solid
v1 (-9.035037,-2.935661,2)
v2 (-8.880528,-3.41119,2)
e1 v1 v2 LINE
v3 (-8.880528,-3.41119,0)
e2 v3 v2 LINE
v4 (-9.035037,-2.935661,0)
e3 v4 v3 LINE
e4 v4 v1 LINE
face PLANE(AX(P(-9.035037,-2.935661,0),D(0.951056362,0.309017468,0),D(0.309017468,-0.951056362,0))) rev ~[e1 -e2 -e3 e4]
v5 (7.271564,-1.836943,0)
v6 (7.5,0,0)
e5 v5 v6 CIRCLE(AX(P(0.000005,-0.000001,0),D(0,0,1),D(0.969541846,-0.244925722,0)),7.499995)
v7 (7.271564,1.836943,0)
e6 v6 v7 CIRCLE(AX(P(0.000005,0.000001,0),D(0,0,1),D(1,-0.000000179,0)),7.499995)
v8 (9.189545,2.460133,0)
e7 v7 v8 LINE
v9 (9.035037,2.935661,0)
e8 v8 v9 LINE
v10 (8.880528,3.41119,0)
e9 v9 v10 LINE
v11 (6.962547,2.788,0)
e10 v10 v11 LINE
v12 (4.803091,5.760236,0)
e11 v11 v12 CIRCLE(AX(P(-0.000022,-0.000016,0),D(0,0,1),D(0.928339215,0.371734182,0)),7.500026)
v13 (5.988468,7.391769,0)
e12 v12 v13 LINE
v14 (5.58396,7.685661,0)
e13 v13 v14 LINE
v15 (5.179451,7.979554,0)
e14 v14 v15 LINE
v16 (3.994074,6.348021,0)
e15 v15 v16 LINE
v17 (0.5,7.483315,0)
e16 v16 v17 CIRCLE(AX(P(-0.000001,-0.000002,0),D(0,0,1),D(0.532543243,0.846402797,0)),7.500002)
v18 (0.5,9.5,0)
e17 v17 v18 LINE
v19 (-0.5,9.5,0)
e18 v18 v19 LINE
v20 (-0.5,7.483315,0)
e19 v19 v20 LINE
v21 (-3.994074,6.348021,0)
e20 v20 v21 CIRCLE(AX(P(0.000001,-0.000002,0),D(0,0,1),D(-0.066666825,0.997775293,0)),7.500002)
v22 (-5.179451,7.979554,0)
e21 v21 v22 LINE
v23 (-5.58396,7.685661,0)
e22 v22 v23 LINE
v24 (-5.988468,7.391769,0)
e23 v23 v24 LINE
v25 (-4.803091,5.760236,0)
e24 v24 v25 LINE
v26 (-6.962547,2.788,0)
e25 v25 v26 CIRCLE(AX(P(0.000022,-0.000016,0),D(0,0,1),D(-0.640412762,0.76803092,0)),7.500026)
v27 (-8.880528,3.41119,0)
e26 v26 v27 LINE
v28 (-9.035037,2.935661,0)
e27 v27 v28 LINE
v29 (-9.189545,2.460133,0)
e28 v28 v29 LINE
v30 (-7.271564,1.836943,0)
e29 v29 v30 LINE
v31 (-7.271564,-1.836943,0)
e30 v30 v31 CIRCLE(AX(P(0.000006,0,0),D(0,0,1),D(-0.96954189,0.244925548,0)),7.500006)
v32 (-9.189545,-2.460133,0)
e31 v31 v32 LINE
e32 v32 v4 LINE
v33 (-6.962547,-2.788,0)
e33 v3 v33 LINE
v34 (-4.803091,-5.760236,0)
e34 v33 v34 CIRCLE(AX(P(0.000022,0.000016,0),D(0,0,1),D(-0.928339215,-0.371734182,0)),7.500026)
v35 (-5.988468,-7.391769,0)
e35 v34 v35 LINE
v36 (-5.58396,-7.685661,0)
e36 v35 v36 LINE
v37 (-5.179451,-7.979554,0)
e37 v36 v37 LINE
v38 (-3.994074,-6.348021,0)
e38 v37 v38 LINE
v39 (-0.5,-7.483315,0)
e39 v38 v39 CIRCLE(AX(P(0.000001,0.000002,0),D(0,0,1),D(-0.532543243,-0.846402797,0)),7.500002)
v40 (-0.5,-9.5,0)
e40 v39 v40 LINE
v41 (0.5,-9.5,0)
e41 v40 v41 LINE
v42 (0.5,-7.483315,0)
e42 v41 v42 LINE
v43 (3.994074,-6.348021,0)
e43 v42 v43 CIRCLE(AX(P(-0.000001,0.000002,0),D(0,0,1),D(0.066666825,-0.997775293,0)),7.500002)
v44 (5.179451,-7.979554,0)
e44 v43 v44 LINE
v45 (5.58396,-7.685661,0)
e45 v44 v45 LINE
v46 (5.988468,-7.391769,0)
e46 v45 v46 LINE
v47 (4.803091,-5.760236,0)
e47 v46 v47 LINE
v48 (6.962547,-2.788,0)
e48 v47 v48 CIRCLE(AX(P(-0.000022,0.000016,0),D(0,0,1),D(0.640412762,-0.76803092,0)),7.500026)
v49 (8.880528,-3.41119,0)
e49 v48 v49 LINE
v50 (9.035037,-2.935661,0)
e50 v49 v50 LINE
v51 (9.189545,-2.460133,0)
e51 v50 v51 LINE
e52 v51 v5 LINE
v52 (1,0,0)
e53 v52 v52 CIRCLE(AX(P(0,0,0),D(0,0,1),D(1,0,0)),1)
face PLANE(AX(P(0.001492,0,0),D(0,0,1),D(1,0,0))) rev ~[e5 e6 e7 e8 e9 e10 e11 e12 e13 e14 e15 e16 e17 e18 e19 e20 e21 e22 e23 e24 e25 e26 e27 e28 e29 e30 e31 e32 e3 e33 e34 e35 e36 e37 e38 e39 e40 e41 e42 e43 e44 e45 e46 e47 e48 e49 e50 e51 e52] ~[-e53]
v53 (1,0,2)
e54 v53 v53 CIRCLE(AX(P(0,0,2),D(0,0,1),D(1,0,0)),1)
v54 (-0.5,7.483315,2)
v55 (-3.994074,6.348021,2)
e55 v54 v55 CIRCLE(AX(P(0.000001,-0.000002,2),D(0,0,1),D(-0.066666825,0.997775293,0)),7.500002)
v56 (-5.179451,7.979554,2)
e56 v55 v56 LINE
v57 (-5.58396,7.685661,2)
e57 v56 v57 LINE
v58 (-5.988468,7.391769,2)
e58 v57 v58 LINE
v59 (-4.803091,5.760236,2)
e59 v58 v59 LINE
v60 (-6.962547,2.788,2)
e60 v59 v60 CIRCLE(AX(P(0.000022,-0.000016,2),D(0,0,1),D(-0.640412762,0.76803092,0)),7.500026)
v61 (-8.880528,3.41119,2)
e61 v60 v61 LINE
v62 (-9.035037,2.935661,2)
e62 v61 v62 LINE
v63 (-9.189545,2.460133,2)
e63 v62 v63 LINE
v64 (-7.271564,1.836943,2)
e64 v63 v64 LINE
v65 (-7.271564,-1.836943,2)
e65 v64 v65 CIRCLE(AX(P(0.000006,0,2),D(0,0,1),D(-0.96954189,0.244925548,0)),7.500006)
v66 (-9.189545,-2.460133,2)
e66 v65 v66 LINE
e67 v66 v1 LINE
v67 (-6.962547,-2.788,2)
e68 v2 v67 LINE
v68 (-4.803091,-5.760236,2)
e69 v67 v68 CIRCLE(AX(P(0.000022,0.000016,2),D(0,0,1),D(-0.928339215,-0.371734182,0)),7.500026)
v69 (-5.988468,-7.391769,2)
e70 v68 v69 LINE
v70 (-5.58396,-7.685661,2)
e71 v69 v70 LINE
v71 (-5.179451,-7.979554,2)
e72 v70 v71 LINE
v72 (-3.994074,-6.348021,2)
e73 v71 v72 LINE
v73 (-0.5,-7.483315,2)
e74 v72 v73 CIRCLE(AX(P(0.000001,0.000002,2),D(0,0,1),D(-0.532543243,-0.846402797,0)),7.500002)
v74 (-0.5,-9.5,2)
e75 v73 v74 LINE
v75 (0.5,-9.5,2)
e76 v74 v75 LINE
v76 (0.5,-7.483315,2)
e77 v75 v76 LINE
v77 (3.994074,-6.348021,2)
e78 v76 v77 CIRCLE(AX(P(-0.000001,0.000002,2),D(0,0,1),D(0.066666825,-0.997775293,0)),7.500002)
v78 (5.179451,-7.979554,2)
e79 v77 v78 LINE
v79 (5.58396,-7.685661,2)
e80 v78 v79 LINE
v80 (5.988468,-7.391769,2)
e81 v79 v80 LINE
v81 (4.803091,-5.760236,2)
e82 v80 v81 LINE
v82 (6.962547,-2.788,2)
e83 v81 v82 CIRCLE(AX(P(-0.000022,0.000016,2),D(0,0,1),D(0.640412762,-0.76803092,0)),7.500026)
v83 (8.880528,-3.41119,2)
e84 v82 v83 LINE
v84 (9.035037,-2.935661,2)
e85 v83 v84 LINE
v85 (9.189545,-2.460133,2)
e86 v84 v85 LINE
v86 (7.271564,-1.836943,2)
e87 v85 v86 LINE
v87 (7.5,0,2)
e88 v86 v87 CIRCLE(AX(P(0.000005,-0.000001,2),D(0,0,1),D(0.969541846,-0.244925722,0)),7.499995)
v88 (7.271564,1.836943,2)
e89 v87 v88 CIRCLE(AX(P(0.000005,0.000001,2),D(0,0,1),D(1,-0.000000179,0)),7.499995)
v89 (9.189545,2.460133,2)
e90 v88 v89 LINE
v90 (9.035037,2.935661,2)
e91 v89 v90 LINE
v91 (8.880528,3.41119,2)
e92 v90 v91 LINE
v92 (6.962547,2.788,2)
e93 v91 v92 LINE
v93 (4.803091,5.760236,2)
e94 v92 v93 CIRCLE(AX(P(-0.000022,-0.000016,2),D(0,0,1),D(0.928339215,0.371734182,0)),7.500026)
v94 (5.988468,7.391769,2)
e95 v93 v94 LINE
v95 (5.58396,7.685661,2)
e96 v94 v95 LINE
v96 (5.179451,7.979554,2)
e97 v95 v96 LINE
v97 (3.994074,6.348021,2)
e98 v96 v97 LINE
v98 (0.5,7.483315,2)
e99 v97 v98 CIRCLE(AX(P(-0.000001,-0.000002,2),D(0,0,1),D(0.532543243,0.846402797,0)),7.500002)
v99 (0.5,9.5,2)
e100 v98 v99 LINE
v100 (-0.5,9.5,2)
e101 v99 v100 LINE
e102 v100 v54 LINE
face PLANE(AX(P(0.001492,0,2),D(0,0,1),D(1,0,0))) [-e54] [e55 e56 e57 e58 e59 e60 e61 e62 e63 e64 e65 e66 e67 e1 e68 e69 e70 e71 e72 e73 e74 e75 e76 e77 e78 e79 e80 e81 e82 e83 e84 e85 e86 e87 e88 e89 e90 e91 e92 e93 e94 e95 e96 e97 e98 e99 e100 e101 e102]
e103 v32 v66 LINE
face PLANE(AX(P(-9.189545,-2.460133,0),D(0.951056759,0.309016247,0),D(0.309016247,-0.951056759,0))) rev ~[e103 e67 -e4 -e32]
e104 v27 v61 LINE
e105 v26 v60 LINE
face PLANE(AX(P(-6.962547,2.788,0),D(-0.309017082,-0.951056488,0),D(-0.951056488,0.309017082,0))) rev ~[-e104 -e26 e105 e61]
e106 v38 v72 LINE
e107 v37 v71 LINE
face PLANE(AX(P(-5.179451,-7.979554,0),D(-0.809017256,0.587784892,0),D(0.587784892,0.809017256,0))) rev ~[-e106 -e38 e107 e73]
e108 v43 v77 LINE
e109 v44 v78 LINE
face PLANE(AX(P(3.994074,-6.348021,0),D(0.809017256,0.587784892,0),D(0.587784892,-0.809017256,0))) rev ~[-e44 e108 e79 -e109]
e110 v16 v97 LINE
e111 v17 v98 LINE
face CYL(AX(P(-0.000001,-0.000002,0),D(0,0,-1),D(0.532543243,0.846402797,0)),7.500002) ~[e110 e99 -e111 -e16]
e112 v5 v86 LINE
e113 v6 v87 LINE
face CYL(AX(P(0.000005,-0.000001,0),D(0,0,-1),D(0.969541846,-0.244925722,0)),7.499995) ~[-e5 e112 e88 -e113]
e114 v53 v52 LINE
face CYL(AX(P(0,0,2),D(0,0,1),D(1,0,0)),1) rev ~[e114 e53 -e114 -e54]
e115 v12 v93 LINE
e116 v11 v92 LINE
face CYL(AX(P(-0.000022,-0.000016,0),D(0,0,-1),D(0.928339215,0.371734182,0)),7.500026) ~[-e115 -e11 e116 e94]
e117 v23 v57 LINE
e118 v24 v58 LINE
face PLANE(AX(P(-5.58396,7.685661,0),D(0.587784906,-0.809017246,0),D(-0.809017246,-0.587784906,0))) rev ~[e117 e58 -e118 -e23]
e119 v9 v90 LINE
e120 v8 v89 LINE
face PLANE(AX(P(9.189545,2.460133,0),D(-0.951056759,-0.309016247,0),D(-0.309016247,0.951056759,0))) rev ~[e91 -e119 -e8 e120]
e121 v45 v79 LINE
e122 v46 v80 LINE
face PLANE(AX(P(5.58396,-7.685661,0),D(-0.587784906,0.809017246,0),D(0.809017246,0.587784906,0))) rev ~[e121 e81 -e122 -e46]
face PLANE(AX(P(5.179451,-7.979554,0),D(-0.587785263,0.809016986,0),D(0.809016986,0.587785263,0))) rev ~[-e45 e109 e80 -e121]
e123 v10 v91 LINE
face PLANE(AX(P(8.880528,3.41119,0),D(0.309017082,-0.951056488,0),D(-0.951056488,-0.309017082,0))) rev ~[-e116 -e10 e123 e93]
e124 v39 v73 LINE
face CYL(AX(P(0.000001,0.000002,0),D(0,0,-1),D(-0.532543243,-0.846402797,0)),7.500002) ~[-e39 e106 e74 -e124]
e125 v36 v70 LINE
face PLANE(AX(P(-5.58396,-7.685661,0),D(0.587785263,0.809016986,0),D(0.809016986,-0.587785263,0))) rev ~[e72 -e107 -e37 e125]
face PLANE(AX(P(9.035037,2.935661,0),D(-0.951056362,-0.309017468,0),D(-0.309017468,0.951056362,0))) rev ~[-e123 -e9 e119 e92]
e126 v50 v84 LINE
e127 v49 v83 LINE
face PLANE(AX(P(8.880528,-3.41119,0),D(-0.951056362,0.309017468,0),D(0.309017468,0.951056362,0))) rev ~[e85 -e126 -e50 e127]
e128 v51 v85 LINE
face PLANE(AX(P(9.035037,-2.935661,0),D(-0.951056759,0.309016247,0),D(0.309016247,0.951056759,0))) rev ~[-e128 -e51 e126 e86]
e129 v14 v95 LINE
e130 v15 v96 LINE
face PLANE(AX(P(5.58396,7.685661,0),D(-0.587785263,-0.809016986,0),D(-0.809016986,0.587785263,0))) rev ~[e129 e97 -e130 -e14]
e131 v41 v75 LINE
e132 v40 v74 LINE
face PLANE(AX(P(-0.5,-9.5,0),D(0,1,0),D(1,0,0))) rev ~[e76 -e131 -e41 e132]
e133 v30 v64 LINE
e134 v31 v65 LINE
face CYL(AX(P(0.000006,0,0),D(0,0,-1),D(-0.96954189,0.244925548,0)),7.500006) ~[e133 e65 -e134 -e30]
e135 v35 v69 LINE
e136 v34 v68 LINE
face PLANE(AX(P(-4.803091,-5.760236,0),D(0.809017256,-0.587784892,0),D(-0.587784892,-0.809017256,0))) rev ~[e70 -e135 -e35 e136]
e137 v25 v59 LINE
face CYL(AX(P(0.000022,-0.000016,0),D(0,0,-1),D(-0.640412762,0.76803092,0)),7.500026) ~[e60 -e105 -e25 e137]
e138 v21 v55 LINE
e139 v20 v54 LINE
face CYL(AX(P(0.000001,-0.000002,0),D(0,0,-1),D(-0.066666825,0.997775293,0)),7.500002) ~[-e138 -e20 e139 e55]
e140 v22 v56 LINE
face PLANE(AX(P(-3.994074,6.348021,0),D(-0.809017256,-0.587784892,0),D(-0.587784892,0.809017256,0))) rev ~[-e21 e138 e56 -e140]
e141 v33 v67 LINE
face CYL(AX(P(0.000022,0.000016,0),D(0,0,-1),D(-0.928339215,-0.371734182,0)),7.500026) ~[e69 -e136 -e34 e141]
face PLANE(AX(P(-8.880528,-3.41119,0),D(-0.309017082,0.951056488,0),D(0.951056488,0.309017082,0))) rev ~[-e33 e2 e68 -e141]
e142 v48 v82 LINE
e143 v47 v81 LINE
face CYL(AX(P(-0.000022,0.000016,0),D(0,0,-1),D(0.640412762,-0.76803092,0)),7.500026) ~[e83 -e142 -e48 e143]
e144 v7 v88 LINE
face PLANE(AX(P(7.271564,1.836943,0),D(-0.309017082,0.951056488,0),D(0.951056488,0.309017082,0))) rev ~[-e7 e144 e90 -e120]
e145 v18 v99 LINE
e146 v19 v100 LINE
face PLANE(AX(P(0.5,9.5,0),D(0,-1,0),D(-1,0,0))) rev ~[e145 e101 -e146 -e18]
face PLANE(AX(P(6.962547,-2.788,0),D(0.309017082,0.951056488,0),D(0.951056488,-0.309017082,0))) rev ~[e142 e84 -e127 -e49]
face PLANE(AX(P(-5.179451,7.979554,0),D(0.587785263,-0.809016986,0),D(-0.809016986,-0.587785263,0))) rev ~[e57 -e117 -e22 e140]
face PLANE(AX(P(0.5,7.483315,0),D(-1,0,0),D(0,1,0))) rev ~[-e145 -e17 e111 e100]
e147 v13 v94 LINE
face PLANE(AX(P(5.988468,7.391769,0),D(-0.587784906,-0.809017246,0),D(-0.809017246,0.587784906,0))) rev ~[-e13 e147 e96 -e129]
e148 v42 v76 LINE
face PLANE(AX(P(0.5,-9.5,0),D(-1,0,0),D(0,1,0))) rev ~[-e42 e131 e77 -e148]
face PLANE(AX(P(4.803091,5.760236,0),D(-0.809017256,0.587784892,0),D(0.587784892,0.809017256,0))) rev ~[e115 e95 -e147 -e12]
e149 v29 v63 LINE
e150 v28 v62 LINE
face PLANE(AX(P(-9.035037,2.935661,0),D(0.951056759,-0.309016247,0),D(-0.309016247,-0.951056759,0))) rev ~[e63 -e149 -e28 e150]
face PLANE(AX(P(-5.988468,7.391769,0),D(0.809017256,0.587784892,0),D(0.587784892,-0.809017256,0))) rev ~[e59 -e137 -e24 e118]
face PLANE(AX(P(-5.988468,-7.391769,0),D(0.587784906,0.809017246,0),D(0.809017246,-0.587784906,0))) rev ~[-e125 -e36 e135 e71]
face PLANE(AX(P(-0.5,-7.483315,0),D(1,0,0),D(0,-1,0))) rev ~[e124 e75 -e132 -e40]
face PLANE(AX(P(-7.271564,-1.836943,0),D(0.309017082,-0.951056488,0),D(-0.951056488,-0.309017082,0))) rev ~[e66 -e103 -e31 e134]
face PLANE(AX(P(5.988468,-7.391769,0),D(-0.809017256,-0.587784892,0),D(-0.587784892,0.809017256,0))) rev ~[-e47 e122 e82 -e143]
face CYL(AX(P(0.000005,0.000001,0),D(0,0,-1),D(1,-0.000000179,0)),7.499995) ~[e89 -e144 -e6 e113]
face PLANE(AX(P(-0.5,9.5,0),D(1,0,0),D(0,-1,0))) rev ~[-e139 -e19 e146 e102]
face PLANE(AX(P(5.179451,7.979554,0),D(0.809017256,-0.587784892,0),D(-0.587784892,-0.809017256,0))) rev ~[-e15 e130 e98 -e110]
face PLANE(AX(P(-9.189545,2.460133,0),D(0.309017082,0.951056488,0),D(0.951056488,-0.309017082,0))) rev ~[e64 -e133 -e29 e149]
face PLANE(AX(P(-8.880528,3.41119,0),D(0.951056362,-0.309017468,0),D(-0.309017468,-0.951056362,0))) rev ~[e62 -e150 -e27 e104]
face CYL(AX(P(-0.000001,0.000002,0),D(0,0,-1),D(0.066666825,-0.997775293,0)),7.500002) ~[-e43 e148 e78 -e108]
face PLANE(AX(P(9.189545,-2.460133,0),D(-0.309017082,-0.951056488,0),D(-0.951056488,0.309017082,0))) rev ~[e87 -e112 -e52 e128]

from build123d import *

# Parameters (mm, degrees)
F1_DEPTH = 2
F2_R     = 1
F3_DEPTH = 2.001


with BuildPart() as f1:
    # F0 (on Top) → F1 (new body)
    with BuildSketch(Plane.XY):
        with BuildLine():
            ThreePointArc((7.271564, -1.836943), (7.442672, -0.925546), (7.5, 0))
            ThreePointArc((7.5, 0), (7.442672, 0.925546), (7.271564, 1.836943))
            ThreePointArc((7.271564, 1.836943), (7.132924, 2.317627), (6.962547, 2.788))
            ThreePointArc((6.962547, 2.788), (6.067627, 4.408389), (4.803091, 5.760236))
            ThreePointArc((4.803091, 5.760236), (4.408389, 6.067627), (3.994074, 6.348021))
            ThreePointArc((3.994074, 6.348021), (2.317627, 7.132924), (0.5, 7.483315))
            ThreePointArc((0.5, 7.483315), (0, 7.5), (-0.5, 7.483315))
            ThreePointArc((-0.5, 7.483315), (-2.317627, 7.132924), (-3.994074, 6.348021))
            ThreePointArc((-3.994074, 6.348021), (-4.408389, 6.067627), (-4.803091, 5.760236))
            ThreePointArc((-4.803091, 5.760236), (-6.067627, 4.408389), (-6.962547, 2.788))
            ThreePointArc((-6.962547, 2.788), (-7.132924, 2.317627), (-7.271564, 1.836943))
            ThreePointArc((-7.271564, 1.836943), (-7.5, 0), (-7.271564, -1.836943))
            ThreePointArc((-7.271564, -1.836943), (-7.132924, -2.317627), (-6.962547, -2.788))
            ThreePointArc((-6.962547, -2.788), (-6.067627, -4.408389), (-4.803091, -5.760236))
            ThreePointArc((-4.803091, -5.760236), (-4.408389, -6.067627), (-3.994074, -6.348021))
            ThreePointArc((-3.994074, -6.348021), (-2.317627, -7.132924), (-0.5, -7.483315))
            ThreePointArc((-0.5, -7.483315), (0, -7.5), (0.5, -7.483315))
            ThreePointArc((0.5, -7.483315), (2.317627, -7.132924), (3.994074, -6.348021))
            ThreePointArc((3.994074, -6.348021), (4.408389, -6.067627), (4.803091, -5.760236))
            ThreePointArc((4.803091, -5.760236), (6.067627, -4.408389), (6.962547, -2.788))
            ThreePointArc((6.962547, -2.788), (7.132924, -2.317627), (7.271564, -1.836943))
        make_face()
        with BuildLine():
            ThreePointArc((6.962547, 2.788), (7.132924, 2.317627), (7.271564, 1.836943))
            Line((7.271564, 1.836943), (9.189545, 2.460133))
            Line((9.189545, 2.460133), (9.035037, 2.935661))
            Line((9.035037, 2.935661), (8.880528, 3.41119))
            Line((8.880528, 3.41119), (6.962547, 2.788))
        make_face()
        with BuildLine():
            Line((9.189545, -2.460133), (7.271564, -1.836943))
            ThreePointArc((7.271564, -1.836943), (7.132924, -2.317627), (6.962547, -2.788))
            Line((6.962547, -2.788), (8.880528, -3.41119))
            Line((8.880528, -3.41119), (9.035037, -2.935661))
            Line((9.035037, -2.935661), (9.189545, -2.460133))
        make_face()
        with BuildLine():
            ThreePointArc((3.994074, 6.348021), (4.408389, 6.067627), (4.803091, 5.760236))
            Line((4.803091, 5.760236), (5.988468, 7.391769))
            Line((5.988468, 7.391769), (5.58396, 7.685661))
            Line((5.58396, 7.685661), (5.179451, 7.979554))
            Line((5.179451, 7.979554), (3.994074, 6.348021))
        make_face()
        with BuildLine():
            Line((5.988468, -7.391769), (4.803091, -5.760236))
            ThreePointArc((4.803091, -5.760236), (4.408389, -6.067627), (3.994074, -6.348021))
            Line((3.994074, -6.348021), (5.179451, -7.979554))
            Line((5.179451, -7.979554), (5.58396, -7.685661))
            Line((5.58396, -7.685661), (5.988468, -7.391769))
        make_face()
        with BuildLine():
            ThreePointArc((-0.5, 7.483315), (0, 7.5), (0.5, 7.483315))
            Line((0.5, 7.483315), (0.5, 9.5))
            Line((0.5, 9.5), (0, 9.5))
            Line((0, 9.5), (-0.5, 9.5))
            Line((-0.5, 9.5), (-0.5, 7.483315))
        make_face()
        with BuildLine():
            Line((0.5, -9.5), (0.5, -7.483315))
            ThreePointArc((0.5, -7.483315), (0, -7.5), (-0.5, -7.483315))
            Line((-0.5, -7.483315), (-0.5, -9.5))
            Line((-0.5, -9.5), (0, -9.5))
            Line((0, -9.5), (0.5, -9.5))
        make_face()
        with BuildLine():
            ThreePointArc((-4.803091, 5.760236), (-4.408389, 6.067627), (-3.994074, 6.348021))
            Line((-3.994074, 6.348021), (-5.179451, 7.979554))
            Line((-5.179451, 7.979554), (-5.58396, 7.685661))
            Line((-5.58396, 7.685661), (-5.988468, 7.391769))
            Line((-5.988468, 7.391769), (-4.803091, 5.760236))
        make_face()
        with BuildLine():
            Line((-5.179451, -7.979554), (-3.994074, -6.348021))
            ThreePointArc((-3.994074, -6.348021), (-4.408389, -6.067627), (-4.803091, -5.760236))
            Line((-4.803091, -5.760236), (-5.988468, -7.391769))
            Line((-5.988468, -7.391769), (-5.58396, -7.685661))
            Line((-5.58396, -7.685661), (-5.179451, -7.979554))
        make_face()
        with BuildLine():
            ThreePointArc((-7.271564, 1.836943), (-7.132924, 2.317627), (-6.962547, 2.788))
            Line((-6.962547, 2.788), (-8.880528, 3.41119))
            Line((-8.880528, 3.41119), (-9.035037, 2.935661))
            Line((-9.035037, 2.935661), (-9.189545, 2.460133))
            Line((-9.189545, 2.460133), (-7.271564, 1.836943))
        make_face()
        with BuildLine():
            Line((-8.880528, -3.41119), (-6.962547, -2.788))
            ThreePointArc((-6.962547, -2.788), (-7.132924, -2.317627), (-7.271564, -1.836943))
            Line((-7.271564, -1.836943), (-9.189545, -2.460133))
            Line((-9.189545, -2.460133), (-9.035037, -2.935661))
            Line((-9.035037, -2.935661), (-8.880528, -3.41119))
        make_face()
    extrude(amount=F1_DEPTH)

    # F2 (on face) → F3 (cut, through all)
    with BuildSketch(Plane.XY.offset(2)):
        Circle(F2_R)
    extrude(amount=-F3_DEPTH, mode=Mode.SUBTRACT)


solid = f1.part
